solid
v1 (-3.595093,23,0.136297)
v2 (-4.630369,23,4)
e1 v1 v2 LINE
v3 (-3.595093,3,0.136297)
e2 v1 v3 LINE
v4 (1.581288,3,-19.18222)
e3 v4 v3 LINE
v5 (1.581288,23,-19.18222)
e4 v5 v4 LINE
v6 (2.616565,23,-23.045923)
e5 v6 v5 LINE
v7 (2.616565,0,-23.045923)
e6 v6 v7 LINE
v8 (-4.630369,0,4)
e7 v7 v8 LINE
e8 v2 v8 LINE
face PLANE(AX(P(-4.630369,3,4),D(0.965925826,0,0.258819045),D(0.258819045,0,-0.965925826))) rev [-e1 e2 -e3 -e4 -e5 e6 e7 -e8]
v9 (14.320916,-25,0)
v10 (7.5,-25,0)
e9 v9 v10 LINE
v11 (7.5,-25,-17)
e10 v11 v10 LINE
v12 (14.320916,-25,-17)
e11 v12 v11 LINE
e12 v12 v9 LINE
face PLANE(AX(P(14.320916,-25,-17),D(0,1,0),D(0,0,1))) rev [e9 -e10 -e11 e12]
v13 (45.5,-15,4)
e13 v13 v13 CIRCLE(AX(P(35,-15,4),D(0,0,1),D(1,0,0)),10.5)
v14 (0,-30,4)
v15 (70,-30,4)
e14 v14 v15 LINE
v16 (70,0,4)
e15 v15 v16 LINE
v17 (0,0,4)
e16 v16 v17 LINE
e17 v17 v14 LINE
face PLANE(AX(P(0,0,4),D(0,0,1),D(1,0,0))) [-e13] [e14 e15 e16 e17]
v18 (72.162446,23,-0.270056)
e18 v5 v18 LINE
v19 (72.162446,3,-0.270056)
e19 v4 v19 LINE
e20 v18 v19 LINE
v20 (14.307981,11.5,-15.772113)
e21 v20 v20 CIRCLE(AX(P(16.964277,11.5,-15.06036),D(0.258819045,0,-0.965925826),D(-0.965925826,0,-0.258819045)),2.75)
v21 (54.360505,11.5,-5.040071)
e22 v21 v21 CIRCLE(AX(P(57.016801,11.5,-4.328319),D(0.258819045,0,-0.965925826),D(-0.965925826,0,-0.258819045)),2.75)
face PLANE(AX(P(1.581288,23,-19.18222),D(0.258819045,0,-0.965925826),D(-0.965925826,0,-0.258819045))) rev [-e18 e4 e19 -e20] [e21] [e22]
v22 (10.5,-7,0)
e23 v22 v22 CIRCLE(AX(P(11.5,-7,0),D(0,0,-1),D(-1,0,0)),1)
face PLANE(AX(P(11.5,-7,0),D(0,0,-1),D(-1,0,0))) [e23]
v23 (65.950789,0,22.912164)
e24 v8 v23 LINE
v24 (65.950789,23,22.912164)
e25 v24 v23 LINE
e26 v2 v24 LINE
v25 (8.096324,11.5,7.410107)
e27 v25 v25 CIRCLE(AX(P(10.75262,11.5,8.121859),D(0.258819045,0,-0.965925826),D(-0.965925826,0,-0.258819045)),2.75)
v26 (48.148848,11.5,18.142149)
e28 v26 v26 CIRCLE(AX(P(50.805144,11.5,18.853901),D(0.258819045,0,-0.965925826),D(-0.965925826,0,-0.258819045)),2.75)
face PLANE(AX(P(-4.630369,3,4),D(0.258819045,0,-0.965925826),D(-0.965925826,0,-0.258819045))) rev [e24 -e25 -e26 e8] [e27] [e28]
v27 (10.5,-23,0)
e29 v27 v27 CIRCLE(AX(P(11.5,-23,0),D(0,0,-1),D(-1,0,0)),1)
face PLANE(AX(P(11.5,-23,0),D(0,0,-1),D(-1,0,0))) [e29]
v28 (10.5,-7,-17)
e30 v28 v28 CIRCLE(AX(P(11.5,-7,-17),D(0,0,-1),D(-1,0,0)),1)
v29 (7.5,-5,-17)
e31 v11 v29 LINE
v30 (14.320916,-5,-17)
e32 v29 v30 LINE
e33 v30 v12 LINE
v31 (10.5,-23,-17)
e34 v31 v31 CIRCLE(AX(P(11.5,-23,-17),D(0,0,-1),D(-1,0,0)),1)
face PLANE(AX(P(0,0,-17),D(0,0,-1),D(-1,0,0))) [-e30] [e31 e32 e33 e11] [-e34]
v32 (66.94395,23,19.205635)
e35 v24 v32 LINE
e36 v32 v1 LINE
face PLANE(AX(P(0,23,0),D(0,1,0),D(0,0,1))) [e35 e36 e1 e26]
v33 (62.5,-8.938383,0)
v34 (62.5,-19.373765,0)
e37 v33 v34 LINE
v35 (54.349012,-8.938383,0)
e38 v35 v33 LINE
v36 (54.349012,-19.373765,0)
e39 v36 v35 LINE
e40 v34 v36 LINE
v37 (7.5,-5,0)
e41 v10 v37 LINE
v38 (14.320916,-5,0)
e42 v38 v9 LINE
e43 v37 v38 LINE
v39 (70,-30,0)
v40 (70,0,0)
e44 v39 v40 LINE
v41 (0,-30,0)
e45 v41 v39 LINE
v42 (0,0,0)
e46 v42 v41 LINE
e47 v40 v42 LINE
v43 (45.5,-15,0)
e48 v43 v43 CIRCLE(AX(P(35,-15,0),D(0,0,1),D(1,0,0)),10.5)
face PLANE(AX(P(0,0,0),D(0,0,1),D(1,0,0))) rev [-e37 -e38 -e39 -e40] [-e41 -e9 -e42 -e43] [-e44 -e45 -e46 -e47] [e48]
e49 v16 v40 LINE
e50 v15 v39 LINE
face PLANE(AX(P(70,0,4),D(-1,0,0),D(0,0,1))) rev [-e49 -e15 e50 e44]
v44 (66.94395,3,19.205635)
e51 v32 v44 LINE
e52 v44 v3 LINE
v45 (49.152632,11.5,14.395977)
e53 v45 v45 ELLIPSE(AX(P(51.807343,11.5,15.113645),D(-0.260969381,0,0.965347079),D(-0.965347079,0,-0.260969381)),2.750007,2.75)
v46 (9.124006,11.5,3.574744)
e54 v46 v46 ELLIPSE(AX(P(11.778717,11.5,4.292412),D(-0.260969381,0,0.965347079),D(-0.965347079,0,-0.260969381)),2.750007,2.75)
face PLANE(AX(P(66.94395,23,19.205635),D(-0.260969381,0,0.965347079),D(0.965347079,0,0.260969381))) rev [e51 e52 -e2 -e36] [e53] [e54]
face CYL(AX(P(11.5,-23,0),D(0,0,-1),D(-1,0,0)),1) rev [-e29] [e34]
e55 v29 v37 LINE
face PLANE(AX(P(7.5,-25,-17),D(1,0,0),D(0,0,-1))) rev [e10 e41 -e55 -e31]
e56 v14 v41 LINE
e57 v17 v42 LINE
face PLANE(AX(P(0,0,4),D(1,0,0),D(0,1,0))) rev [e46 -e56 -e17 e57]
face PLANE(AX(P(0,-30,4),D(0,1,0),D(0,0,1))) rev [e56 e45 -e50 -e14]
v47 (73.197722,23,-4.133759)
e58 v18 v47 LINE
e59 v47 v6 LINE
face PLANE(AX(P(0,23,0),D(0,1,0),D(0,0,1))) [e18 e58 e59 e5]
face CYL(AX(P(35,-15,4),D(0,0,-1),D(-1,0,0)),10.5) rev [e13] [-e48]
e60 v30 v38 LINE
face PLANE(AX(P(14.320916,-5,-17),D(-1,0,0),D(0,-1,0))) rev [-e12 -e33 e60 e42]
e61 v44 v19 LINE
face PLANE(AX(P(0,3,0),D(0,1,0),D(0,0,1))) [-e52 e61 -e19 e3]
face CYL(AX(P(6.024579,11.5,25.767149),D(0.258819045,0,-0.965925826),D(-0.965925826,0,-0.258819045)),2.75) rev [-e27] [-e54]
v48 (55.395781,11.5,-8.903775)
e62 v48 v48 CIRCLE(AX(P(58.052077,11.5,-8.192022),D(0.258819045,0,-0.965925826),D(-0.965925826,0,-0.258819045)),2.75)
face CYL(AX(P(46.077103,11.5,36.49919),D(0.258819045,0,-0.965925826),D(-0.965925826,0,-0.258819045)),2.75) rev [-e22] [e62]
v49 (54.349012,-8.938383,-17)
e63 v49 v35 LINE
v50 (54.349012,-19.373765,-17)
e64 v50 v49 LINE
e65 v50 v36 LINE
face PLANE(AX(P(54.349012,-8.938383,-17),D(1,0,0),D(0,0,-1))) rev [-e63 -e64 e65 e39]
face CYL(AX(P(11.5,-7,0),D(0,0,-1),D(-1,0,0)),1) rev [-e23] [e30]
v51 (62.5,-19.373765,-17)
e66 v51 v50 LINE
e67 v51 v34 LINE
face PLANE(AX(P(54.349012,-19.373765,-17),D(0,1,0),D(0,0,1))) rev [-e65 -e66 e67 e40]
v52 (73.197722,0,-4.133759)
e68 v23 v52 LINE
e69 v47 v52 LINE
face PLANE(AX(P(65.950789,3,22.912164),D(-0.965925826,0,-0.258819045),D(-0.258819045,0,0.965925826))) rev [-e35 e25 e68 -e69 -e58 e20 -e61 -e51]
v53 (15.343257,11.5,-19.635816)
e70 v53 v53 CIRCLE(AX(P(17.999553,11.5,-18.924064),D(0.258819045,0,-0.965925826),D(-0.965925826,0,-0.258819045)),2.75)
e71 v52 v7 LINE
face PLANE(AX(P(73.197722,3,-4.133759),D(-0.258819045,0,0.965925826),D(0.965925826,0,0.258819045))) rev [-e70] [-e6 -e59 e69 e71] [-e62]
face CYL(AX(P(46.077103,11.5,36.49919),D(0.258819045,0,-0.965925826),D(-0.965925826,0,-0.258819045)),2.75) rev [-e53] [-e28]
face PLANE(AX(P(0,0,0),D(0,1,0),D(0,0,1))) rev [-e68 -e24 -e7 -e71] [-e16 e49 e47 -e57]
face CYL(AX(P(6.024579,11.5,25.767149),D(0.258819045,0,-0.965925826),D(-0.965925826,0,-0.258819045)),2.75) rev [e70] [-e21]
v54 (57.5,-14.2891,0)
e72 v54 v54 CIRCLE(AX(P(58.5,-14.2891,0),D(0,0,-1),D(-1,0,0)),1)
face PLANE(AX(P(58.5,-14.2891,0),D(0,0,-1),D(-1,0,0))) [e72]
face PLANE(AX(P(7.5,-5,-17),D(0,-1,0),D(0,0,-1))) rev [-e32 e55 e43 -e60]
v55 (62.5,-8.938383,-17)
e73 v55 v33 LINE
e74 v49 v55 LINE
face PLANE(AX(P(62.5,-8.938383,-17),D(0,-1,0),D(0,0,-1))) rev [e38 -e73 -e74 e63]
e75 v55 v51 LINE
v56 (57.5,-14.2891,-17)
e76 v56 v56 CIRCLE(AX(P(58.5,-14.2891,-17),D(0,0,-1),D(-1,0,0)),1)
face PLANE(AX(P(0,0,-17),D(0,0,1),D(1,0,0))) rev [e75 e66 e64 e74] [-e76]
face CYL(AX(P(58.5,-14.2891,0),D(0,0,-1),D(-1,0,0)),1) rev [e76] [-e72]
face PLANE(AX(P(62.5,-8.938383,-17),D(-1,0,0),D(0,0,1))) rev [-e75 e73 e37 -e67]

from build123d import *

# Parameters (mm, degrees)
SKETCH1_W           = 70
SKETCH1_H           = 30
SKETCH1_R           = 10.5
BOSS_EXTRUDE1_DEPTH = 4
SKETCH3_W           = 8.150987667
SKETCH3_H           = 10.43538234
SKETCH3_W_2         = 6.820916115
SKETCH3_H_2         = 20
BOSS_EXTRUDE2_DEPTH = 17
SKETCH4_R           = 1
CUT_EXTRUDE1_DEPTH  = 17
BOSS_EXTRUDE4_DEPTH = 3
BOSS_EXTRUDE5_DEPTH = 20
SKETCH10_R          = 2.75
CUT_EXTRUDE2_DEPTH  = 47.267747797


with BuildPart() as part:
    # Sketch1 → Boss-Extrude1 (new body)
    with BuildSketch(Plane.XY):
        with Locations((35, -15)):
            Rectangle(SKETCH1_W, SKETCH1_H)
        with Locations((35, -15)):
            Circle(SKETCH1_R, mode=Mode.SUBTRACT)
    extrude(amount=BOSS_EXTRUDE1_DEPTH)

    # Sketch3 → Boss-Extrude2 (add)
    with BuildSketch(Plane(origin=(0, 0, 0), x_dir=(-1, 0, 0), z_dir=(0, 0, -1))):
        with Locations((-58.424506167, -14.156074174)):
            Rectangle(SKETCH3_W, SKETCH3_H)
        with Locations((-10.910458058, -15)):
            Rectangle(SKETCH3_W_2, SKETCH3_H_2)
    extrude(amount=BOSS_EXTRUDE2_DEPTH)

    # Sketch4 → Cut-Extrude1 (cut)
    with BuildSketch(Plane(origin=(0, 0, -17), x_dir=(-1, 0, 0), z_dir=(0, 0, -1))):
        with Locations((-58.5, -14.289099526)):
            Circle(SKETCH4_R)
        with Locations((-11.5, -7)):
            Circle(SKETCH4_R)
        with Locations((-11.5, -23)):
            Circle(SKETCH4_R)
    extrude(amount=-CUT_EXTRUDE1_DEPTH, mode=Mode.SUBTRACT)

    # Sketch7 → Boss-Extrude4 (add)
    with BuildSketch(Plane(origin=(0, 0, 0), x_dir=(1, 0, 0), z_dir=(0, 1, 0))):
        Polygon((-4.630368757, -4), (65.950788783, -22.912164164), (73.197722046, 4.133758972), (2.616564506, 23.045923136), align=None)
    extrude(amount=BOSS_EXTRUDE4_DEPTH)

    # Sketch9 → Boss-Extrude5 (add)
    with BuildSketch(Plane(origin=(0, 3, 0), x_dir=(1, 0, 0), z_dir=(0, 1, 0))):
        Polygon((-4.630368757, -4), (65.950788783, -22.912164164), (66.943950204, -19.205635281), (-3.595092577, -0.136296695), align=None)
        Polygon((2.616564506, 23.045923136), (1.581288325, 19.182219831), (72.162445865, 0.270055667), (73.197722046, 4.133758972), align=None)
    extrude(amount=BOSS_EXTRUDE5_DEPTH)

    # Sketch10 → Cut-Extrude2 (cut, through all)
    with BuildSketch(Plane(origin=(5.936757371, 0, -22.156280139), x_dir=(-0.965925826, 0, -0.258819045), z_dir=(0.258819045, 0, -0.965925826))):
        with Locations((-53.953749554, 11.5)):
            Circle(SKETCH10_R)
        with Locations((-12.488324975, 11.5)):
            Circle(SKETCH10_R)
    extrude(amount=-CUT_EXTRUDE2_DEPTH, mode=Mode.SUBTRACT)


solid = part.part
